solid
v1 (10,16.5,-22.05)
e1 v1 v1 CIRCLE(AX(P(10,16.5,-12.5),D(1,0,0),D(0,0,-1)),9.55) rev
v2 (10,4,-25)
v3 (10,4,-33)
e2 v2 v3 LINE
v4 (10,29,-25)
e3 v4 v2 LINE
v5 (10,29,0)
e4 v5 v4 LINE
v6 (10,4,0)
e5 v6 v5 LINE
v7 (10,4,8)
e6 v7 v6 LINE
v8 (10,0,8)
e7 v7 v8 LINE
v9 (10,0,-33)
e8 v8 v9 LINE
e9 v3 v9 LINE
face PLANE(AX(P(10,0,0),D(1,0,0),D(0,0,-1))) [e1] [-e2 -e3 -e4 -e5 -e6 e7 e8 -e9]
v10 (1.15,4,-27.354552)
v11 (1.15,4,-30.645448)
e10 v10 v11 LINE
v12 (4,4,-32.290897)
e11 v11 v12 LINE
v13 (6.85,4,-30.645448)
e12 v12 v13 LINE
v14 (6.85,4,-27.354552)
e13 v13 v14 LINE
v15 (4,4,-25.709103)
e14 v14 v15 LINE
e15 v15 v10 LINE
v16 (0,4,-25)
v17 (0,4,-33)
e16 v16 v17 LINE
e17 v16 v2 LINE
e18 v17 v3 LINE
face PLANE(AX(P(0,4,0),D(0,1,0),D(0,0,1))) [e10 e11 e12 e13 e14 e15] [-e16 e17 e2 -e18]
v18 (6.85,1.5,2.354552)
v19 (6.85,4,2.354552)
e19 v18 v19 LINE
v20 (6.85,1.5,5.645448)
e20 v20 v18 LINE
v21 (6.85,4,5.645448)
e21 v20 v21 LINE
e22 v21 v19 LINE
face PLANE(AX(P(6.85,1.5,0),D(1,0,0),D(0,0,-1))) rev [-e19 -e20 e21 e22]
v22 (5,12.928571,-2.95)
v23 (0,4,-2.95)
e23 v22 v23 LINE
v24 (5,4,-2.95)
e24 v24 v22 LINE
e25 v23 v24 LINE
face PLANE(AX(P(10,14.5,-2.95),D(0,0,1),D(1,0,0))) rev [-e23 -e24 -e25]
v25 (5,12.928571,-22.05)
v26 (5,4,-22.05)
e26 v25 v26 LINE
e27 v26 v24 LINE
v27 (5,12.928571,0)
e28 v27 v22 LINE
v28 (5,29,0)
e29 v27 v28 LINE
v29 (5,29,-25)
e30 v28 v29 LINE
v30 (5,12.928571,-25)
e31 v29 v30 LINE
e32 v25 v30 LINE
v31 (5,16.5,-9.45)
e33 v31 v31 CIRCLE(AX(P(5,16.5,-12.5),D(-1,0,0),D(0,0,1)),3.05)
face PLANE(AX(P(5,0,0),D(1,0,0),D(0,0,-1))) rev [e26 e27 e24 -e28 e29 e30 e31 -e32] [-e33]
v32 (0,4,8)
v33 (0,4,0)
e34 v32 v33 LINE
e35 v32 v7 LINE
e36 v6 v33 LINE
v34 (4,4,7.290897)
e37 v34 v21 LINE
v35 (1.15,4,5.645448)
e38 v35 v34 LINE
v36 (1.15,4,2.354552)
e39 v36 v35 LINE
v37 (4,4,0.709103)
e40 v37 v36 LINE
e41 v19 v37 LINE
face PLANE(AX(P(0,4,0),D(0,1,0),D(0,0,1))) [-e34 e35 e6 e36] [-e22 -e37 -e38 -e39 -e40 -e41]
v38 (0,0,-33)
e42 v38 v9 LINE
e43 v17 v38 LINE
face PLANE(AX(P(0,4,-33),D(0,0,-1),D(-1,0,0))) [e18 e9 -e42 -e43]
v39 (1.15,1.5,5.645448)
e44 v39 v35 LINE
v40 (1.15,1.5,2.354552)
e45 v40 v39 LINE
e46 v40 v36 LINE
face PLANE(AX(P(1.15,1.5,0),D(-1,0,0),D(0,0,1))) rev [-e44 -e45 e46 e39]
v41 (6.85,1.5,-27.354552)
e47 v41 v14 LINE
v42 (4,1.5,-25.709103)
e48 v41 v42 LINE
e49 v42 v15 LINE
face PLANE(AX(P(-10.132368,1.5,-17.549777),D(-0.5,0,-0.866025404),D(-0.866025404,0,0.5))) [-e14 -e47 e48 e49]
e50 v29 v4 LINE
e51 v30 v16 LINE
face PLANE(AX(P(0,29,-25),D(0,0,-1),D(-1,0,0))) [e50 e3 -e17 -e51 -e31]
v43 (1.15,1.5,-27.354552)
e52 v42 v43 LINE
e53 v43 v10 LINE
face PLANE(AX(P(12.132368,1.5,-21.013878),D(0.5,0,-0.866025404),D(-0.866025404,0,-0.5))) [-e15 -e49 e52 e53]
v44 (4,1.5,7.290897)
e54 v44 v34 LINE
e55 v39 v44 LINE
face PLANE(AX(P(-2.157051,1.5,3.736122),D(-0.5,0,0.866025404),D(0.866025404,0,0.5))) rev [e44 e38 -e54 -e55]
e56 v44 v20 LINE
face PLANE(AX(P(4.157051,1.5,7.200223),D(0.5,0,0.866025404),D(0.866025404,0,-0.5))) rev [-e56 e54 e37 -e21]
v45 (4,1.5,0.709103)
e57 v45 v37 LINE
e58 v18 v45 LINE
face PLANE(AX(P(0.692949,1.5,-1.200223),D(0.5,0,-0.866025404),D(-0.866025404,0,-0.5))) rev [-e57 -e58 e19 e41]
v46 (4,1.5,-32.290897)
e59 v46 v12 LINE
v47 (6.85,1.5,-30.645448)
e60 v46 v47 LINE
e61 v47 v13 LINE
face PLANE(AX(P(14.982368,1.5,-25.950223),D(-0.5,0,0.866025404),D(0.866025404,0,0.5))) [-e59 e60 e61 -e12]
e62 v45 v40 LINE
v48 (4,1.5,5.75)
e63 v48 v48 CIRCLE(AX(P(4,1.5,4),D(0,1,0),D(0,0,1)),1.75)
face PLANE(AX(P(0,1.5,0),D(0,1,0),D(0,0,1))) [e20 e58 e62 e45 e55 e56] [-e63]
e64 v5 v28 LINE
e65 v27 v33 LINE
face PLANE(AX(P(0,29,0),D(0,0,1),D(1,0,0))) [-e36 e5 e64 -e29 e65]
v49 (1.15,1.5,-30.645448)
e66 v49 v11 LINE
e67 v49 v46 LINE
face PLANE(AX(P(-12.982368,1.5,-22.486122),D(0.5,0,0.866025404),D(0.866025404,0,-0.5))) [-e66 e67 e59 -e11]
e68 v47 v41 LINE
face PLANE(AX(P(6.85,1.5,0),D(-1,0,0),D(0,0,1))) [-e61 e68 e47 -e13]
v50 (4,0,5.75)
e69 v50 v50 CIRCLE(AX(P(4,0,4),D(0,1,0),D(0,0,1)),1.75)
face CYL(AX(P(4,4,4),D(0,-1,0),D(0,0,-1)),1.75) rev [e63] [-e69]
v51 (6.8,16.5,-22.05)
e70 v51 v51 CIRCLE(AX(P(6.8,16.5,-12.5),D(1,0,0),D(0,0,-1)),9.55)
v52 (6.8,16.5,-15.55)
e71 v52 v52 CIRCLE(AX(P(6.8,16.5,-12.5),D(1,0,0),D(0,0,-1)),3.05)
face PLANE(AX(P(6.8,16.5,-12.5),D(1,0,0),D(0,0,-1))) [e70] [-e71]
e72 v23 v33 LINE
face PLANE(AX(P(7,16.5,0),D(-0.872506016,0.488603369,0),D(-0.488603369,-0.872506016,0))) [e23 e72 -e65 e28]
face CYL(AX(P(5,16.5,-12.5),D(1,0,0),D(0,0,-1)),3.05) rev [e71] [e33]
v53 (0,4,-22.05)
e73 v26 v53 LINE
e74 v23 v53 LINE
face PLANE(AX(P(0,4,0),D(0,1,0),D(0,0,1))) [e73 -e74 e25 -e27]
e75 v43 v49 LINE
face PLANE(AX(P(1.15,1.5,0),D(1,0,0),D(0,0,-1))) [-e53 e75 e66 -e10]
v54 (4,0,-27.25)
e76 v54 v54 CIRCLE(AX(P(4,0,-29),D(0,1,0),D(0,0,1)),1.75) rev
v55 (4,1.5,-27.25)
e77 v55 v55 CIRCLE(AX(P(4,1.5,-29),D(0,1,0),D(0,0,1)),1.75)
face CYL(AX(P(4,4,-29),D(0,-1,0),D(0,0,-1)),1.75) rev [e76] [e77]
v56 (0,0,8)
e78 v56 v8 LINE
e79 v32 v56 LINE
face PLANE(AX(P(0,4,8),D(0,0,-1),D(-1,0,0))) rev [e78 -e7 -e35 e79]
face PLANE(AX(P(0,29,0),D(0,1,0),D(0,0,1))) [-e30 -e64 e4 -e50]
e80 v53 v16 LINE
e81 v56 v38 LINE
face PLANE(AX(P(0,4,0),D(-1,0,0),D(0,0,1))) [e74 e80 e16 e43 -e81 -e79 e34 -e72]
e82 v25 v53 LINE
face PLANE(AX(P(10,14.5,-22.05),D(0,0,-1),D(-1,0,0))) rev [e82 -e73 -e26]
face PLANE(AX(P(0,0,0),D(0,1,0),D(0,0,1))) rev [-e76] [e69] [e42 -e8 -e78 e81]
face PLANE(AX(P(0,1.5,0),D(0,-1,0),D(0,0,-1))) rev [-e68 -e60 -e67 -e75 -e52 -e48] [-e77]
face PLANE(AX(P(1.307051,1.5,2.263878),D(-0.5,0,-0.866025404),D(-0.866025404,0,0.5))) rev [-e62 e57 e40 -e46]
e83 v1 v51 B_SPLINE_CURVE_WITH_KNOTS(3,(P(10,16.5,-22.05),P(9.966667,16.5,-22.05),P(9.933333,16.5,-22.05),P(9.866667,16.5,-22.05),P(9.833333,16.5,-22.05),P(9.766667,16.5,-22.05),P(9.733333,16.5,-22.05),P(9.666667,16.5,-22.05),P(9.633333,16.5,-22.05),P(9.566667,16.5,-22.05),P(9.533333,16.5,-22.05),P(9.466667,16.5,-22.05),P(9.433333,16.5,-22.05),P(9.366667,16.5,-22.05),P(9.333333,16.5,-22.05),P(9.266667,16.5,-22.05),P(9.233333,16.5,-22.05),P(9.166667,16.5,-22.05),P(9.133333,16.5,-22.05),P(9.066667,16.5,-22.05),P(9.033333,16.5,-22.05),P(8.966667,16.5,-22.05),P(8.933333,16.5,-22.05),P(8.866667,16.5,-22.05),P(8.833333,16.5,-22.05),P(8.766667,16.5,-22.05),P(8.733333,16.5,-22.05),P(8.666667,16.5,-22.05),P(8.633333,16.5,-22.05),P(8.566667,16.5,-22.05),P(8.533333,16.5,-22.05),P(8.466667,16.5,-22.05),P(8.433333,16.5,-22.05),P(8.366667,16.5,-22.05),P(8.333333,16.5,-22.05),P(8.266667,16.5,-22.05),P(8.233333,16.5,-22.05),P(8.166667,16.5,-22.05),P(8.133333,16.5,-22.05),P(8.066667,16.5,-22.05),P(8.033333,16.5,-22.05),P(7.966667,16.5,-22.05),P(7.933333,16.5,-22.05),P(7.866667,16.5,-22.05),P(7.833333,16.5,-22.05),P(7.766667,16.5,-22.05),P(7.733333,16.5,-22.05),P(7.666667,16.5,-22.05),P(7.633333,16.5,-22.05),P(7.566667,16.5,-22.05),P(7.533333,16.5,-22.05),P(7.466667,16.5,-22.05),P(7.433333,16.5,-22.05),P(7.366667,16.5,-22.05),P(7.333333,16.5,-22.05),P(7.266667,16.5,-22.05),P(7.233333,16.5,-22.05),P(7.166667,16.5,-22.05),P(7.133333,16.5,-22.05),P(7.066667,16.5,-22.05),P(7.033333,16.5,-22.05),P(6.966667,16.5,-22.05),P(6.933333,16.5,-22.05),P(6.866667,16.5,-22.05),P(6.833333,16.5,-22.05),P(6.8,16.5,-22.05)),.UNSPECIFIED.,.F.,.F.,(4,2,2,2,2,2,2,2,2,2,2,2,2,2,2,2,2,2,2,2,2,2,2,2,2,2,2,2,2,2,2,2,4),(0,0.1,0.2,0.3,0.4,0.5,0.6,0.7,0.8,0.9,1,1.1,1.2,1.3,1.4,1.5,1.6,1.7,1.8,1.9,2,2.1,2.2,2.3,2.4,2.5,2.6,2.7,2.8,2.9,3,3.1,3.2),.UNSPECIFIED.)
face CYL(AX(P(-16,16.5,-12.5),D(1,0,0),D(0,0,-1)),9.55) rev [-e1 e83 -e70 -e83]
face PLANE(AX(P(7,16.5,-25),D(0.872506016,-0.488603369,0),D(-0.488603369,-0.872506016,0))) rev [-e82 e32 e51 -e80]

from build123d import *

# Parameters (mm, degrees)
SKETCH1_W           = 20
SKETCH1_H           = 41
SKETCH1_W_2         = 6
SKETCH1_H_2         = 25
SKETCH1_R           = 1.75
BOSS_EXTRUDE1_DEPTH = 4
SKETCH1_3_W         = 6
SKETCH1_3_H         = 25
SKETCH1_3_H_2       = 12.5
BOSS_EXTRUDE2_DEPTH = 29
SKETCH2_R           = 9.55
CUT_EXTRUDE1_DEPTH  = 29
RIB1_REACH          = 50.27
SKETCH3_WALL_W      = 112.866695872
SKETCH3_WALL_H      = 2.95
RIB7_REACH          = 50.27
SKETCH4_WALL_W      = 112.866695872
SKETCH4_WALL_H      = 2.95
CUT_EXTRUDE4_START  = 1.5
SKETCH1_4_R         = 1.75
CUT_EXTRUDE4_DEPTH  = 2.5
SKETCH5_W           = 25
SKETCH5_H           = 25
SKETCH5_R           = 3.05
BOSS_EXTRUDE3_DEPTH = 2
SKETCH6_R           = 9.55
CUT_EXTRUDE5_DEPTH  = 0.2


with BuildPart() as part:
    # Sketch1 → Boss-Extrude1 (new body)
    with BuildSketch(Plane(origin=(0, 0, 0), x_dir=(1, 0, 0), z_dir=(0, 1, 0))):
        with Locations((10, 12.5)):
            Rectangle(SKETCH1_W, SKETCH1_H)
        with Locations((10, 12.5)):
            Rectangle(SKETCH1_W_2, SKETCH1_H_2, mode=Mode.SUBTRACT)
        with Locations(Location((4, -4, 0), (0, 0, 270))):
            Circle(SKETCH1_R, mode=Mode.SUBTRACT)
        with Locations(Location((4, 29, 0), (0, 0, 270))):
            Circle(SKETCH1_R, mode=Mode.SUBTRACT)
        with Locations(Location((16, -4, 0), (0, 0, 270))):
            Circle(SKETCH1_R, mode=Mode.SUBTRACT)
        with Locations(Location((16, 29, 0), (0, 0, 270))):
            Circle(SKETCH1_R, mode=Mode.SUBTRACT)
    extrude(amount=BOSS_EXTRUDE1_DEPTH)

    # Sketch1<3> → Boss-Extrude2 (add)
    with BuildSketch(Plane(origin=(0, 0, 0), x_dir=(1, 0, 0), z_dir=(0, 1, 0))):
        with Locations((10, 12.5)):
            Rectangle(SKETCH1_3_W, SKETCH1_3_H)
        with Locations((10, 18.75)):
            Rectangle(SKETCH1_3_W, SKETCH1_3_H_2)
    extrude(amount=BOSS_EXTRUDE2_DEPTH)

    # Sketch2 → Cut-Extrude1 (cut)
    with BuildSketch(Plane(origin=(13, 0, 0), x_dir=(0, 0, -1), z_dir=(1, 0, 0))):
        with Locations((12.5, 16.5)):
            Circle(SKETCH2_R)
    extrude(amount=-CUT_EXTRUDE1_DEPTH, mode=Mode.SUBTRACT)

    # Sketch3 wall → Rib1 (add, up to next)
    with BuildSketch(Plane(origin=(16.5, 10.25, 0), x_dir=(0.488603368932, -0.87250601595, 0), z_dir=(0.87250601595, 0.488603368932, 0)), mode=Mode.PRIVATE) as rib1_sk1:
        with Locations((0, 1.475)):
            Rectangle(SKETCH3_WALL_W, SKETCH3_WALL_H)
    rib1_tool1 = extrude(rib1_sk1.sketch, amount=-RIB1_REACH, mode=Mode.PRIVATE) - part.part
    rib1 = rib1_tool1.solids().sort_by_distance((16.5, 10.25, 0))[0]
    add(rib1)

    # Sketch4 wall → Rib7 (add, up to next)
    with BuildSketch(Plane(origin=(3.5, 10.25, 0), x_dir=(-0.488603368932, -0.87250601595, 0), z_dir=(0.87250601595, -0.488603368932, 0)), mode=Mode.PRIVATE) as rib7_sk1:
        with Locations((0, 1.475)):
            Rectangle(SKETCH4_WALL_W, SKETCH4_WALL_H)
    rib7_tool1 = extrude(rib7_sk1.sketch, amount=RIB7_REACH, mode=Mode.PRIVATE) - part.part
    rib7 = rib7_tool1.solids().sort_by_distance((3.5, 10.25, 0))[0]
    add(rib7)

    # Mirror1: Rib1, Rib7 across plane
    add(rib1.mirror(Plane.XY.offset(-12.5)))
    add(rib7.mirror(Plane.XY.offset(-12.5)))

    # Sketch1<4> → Cut-Extrude4 (cut)
    # profile 1 of 4: a face of its own
    with BuildSketch(Plane(origin=(0, 0, 0), x_dir=(1, 0, 0), z_dir=(0, 1, 0)).offset(CUT_EXTRUDE4_START)):
        Polygon((4, -0.709103466), (6.85, -2.354551733), (6.85, -5.645448267), (4, -7.290896534), (1.15, -5.645448267), (1.15, -2.354551733), align=None)
        with Locations(Location((4, -4, 0), (0, 0, 270))):
            Circle(SKETCH1_4_R, mode=Mode.SUBTRACT)
    # profile 2 of 4: a face of its own
    with BuildSketch(Plane(origin=(0, 0, 0), x_dir=(1, 0, 0), z_dir=(0, 1, 0)).offset(CUT_EXTRUDE4_START)):
        Polygon((1.15, 30.645448267), (1.15, 27.354551733), (4, 25.709103466), (6.85, 27.354551733), (6.85, 30.645448267), (4, 32.290896534), align=None)
        with Locations(Location((4, 29, 0), (0, 0, 270))):
            Circle(SKETCH1_4_R, mode=Mode.SUBTRACT)
    # profile 3 of 4: a face of its own
    with BuildSketch(Plane(origin=(0, 0, 0), x_dir=(1, 0, 0), z_dir=(0, 1, 0)).offset(CUT_EXTRUDE4_START)):
        Polygon((16, 25.709103466), (13.15, 27.354551733), (13.15, 30.645448267), (16, 32.290896534), (18.85, 30.645448267), (18.85, 27.354551733), align=None)
        with Locations(Location((16, 29, 0), (0, 0, 270))):
            Circle(SKETCH1_4_R, mode=Mode.SUBTRACT)
    # profile 4 of 4: a face of its own
    with BuildSketch(Plane(origin=(0, 0, 0), x_dir=(1, 0, 0), z_dir=(0, 1, 0)).offset(CUT_EXTRUDE4_START)):
        Polygon((18.85, -5.645448267), (18.85, -2.354551733), (16, -0.709103466), (13.15, -2.354551733), (13.15, -5.645448267), (16, -7.290896534), align=None)
        with Locations(Location((16, -4, 0), (0, 0, 270))):
            Circle(SKETCH1_4_R, mode=Mode.SUBTRACT)
    extrude(amount=CUT_EXTRUDE4_DEPTH, mode=Mode.SUBTRACT)

    # Sketch5 → Boss-Extrude3 (add)
    with BuildSketch(Plane.ZY.offset(-7)):
        with Locations((-12.5, 16.5)):
            Rectangle(SKETCH5_W, SKETCH5_H)
        with Locations((-12.5, 16.5)):
            Circle(SKETCH5_R, mode=Mode.SUBTRACT)
    extrude(amount=BOSS_EXTRUDE3_DEPTH)

    # SurfaceCut1
    split(bisect_by=Plane(origin=(10, 0, 0), x_dir=(0, 0, -1), z_dir=(1, 0, 0)), keep=Keep.BOTTOM)

    # Sketch6 → Cut-Extrude5 (cut)
    with BuildSketch(Plane(origin=(7, 0, 0), x_dir=(0, 0, -1), z_dir=(1, 0, 0))):
        with Locations((12.5, 16.5)):
            Circle(SKETCH6_R)
    extrude(amount=-CUT_EXTRUDE5_DEPTH, mode=Mode.SUBTRACT)


solid = part.part
